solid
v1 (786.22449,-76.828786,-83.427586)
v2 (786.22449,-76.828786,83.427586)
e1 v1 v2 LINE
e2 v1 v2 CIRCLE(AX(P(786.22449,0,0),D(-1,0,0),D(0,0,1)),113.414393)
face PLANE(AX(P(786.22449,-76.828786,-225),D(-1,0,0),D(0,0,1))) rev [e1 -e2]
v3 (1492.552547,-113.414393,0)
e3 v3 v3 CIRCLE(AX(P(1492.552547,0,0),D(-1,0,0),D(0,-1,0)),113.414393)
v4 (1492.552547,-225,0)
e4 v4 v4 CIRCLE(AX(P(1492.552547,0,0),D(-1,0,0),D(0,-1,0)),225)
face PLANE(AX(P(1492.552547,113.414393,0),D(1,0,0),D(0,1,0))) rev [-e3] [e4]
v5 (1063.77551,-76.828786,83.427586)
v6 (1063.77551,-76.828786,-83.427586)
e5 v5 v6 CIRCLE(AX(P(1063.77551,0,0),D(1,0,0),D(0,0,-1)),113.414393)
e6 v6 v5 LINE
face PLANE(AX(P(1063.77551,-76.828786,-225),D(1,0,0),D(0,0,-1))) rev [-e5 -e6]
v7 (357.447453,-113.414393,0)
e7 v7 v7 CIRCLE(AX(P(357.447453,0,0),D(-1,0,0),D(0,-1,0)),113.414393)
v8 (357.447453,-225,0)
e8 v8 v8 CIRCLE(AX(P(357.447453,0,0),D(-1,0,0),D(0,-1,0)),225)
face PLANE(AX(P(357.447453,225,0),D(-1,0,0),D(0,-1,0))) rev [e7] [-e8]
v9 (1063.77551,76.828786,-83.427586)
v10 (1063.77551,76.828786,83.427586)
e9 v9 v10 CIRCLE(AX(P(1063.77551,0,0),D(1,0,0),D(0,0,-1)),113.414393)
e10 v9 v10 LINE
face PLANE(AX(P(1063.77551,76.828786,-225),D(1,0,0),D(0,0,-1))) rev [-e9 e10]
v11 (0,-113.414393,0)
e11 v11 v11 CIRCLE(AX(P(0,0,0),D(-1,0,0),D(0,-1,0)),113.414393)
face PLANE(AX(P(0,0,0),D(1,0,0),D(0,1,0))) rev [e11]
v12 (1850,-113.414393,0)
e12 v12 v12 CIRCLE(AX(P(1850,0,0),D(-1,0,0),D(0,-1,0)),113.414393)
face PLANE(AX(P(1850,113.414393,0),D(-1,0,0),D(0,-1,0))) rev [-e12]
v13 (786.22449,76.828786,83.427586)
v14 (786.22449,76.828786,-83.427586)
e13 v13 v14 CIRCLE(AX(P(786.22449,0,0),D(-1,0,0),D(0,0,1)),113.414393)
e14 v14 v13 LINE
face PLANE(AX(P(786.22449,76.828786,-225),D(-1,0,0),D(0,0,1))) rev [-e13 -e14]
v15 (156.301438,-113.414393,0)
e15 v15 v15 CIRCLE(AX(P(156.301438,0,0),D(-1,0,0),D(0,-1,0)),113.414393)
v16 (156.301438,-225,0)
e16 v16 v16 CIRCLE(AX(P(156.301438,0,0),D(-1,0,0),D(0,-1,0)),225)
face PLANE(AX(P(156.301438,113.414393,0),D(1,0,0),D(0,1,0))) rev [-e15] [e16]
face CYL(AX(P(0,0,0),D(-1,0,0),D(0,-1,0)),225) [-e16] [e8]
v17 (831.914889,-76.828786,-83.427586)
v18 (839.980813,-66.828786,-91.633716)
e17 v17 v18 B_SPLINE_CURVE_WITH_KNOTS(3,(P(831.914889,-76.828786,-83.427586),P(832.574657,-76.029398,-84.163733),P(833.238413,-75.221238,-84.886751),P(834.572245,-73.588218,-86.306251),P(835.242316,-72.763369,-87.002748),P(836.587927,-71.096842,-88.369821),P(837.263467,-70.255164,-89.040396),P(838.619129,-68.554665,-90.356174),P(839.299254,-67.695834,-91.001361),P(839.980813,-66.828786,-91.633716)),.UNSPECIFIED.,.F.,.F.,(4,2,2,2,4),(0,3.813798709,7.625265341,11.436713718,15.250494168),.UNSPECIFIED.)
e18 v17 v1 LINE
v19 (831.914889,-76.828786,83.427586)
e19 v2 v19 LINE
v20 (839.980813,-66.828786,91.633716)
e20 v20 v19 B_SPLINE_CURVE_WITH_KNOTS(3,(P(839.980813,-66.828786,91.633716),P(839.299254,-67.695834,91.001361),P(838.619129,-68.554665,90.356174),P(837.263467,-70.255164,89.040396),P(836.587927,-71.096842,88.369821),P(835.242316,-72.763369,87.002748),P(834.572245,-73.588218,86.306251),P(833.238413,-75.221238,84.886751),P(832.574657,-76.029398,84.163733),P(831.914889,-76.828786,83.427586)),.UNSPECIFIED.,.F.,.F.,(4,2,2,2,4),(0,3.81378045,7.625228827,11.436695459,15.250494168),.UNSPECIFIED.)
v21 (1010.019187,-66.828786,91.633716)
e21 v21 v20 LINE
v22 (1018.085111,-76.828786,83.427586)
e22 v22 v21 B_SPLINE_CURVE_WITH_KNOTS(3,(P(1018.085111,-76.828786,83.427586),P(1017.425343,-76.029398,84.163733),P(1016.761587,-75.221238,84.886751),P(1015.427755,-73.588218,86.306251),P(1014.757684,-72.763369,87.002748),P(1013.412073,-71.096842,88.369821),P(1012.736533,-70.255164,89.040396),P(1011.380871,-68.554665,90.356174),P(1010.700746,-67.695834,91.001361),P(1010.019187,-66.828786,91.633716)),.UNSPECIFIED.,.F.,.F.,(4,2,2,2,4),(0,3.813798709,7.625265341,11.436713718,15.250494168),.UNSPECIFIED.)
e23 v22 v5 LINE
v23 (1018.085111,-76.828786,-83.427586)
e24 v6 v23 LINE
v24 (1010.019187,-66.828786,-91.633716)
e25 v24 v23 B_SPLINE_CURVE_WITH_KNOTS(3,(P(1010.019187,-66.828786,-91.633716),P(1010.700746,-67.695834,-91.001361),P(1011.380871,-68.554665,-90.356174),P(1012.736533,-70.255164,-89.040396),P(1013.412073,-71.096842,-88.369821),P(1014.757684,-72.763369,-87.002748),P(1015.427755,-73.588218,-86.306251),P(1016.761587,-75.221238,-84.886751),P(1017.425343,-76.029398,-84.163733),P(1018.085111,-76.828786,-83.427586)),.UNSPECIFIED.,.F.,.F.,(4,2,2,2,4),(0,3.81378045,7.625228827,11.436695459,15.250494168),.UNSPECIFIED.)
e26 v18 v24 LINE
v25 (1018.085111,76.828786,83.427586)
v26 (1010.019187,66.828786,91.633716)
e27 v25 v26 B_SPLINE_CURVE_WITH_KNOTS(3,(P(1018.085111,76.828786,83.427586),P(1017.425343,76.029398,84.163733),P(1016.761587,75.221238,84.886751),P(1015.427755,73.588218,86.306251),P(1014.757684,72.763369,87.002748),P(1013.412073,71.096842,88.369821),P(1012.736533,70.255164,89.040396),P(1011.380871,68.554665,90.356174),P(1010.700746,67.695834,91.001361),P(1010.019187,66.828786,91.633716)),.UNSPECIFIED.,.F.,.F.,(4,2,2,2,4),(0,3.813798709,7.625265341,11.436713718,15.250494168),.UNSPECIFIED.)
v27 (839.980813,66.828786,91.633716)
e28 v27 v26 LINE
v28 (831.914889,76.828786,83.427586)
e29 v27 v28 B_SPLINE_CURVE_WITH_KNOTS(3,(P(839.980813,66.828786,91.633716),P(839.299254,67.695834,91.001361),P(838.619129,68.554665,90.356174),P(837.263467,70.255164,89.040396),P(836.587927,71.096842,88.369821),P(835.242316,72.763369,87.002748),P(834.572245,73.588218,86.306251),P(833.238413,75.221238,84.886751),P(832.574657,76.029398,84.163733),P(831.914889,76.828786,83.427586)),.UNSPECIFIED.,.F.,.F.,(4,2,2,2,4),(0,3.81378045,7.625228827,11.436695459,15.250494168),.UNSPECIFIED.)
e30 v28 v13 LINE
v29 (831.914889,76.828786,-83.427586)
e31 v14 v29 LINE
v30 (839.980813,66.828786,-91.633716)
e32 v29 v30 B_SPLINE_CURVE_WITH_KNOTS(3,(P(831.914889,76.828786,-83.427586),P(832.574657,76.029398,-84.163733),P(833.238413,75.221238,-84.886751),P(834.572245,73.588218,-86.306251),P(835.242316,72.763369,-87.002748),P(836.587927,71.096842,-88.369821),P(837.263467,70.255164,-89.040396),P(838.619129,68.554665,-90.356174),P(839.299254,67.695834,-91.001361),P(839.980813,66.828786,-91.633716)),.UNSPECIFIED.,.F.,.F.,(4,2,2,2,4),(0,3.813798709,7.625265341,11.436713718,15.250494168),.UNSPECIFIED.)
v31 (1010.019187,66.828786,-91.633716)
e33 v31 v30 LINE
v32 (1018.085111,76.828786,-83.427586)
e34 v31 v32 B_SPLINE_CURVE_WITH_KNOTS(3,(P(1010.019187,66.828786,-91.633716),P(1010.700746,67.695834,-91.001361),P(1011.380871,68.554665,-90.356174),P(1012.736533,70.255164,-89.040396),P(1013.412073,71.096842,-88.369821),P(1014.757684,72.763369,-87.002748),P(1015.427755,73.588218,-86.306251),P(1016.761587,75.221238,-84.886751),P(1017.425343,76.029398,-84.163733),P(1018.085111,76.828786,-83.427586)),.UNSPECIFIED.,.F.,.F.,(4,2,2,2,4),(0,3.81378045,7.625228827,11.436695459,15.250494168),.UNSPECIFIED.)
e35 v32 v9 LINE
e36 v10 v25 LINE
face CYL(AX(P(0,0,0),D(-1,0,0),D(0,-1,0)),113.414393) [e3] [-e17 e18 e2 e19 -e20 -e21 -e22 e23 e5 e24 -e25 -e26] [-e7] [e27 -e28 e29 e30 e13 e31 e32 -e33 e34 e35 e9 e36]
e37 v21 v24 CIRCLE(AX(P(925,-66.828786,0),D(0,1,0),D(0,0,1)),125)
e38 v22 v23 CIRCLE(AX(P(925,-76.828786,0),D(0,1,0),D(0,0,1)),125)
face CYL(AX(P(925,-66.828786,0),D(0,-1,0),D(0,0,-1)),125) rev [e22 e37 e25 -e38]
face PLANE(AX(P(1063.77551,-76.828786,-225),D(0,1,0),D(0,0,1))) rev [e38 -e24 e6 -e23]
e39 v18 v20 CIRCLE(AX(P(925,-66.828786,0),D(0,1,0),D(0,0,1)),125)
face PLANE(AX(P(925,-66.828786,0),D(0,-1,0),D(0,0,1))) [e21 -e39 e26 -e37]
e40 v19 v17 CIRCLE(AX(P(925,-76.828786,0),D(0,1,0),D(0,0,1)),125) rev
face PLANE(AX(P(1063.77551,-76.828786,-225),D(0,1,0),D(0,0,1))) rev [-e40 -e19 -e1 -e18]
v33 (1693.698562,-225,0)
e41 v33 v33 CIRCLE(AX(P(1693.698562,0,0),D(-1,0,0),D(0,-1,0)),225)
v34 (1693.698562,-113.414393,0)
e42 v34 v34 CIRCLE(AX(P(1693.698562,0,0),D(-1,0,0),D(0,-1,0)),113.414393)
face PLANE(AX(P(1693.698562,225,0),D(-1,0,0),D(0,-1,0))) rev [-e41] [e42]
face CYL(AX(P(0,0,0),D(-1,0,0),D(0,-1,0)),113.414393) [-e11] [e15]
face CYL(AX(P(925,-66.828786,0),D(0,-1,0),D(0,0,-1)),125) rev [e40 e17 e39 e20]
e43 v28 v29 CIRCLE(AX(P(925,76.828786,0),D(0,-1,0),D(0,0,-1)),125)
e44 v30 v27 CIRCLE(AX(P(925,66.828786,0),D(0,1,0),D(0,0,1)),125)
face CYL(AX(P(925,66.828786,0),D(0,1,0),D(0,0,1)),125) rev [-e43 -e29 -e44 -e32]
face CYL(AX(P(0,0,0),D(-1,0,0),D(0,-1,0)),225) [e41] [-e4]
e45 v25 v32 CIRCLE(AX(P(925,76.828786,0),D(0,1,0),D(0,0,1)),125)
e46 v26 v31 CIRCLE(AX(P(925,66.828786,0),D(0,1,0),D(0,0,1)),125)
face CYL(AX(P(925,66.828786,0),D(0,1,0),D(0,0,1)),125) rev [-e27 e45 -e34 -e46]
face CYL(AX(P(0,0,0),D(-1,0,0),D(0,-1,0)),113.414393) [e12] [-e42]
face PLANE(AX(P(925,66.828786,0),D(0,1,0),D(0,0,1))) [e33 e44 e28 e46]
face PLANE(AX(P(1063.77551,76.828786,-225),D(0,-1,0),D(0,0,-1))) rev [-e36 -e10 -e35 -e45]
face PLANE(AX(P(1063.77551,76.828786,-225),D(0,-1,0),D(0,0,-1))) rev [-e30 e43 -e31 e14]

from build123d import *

# Parameters (mm, degrees)
SKETCH2_W          = 277.551020408
SKETCH2_H          = 73.171214091
CUT_EXTRUDE1_DEPTH = 1896.296810529
SKETCH3_R          = 125
CUT_EXTRUDE2_DEPTH = 10


with BuildPart() as part:
    # Sketch1 → Revolve1 (revolve)
    with BuildSketch(Plane.XY, mode=Mode.PRIVATE) as revolve1_sk:
        Polygon((0, 0), (0, 113.414392954), (156.301438496, 113.414392954), (156.301438496, 225), (357.44745317, 225), (357.44745317, 113.414392954), (1492.55254683, 113.414392954), (1492.55254683, 225), (1693.698561504, 225), (1693.698561504, 113.414392954), (1850, 113.414392954), (1850, 0), align=None)
    revolve(revolve1_sk.sketch.rotate(Axis((0, 0, 0), (1, 0, 0)), 180), axis=Axis((0, 0, 0), (1, 0, 0)))

    # Sketch2 → Cut-Extrude1 (cut, through all)
    with BuildSketch(Plane.XY.offset(120)):
        with Locations((925, 113.414392955)):
            Rectangle(SKETCH2_W, SKETCH2_H)
        with Locations((925, -113.414392955)):
            Rectangle(SKETCH2_W, SKETCH2_H)
    extrude(amount=-CUT_EXTRUDE1_DEPTH, mode=Mode.SUBTRACT)

    # Sketch3 → Cut-Extrude2 (cut)
    with BuildSketch(Plane(origin=(0, 76.828785909, 0), x_dir=(1, 0, 0), z_dir=(0, 1, 0))):
        with Locations((925, 0)):
            Circle(SKETCH3_R)
    cut_extrude2 = extrude(amount=-CUT_EXTRUDE2_DEPTH, mode=Mode.SUBTRACT)

    # Mirror1: Cut-Extrude2 across plane
    add(cut_extrude2.mirror(Plane.ZX), mode=Mode.SUBTRACT)


solid = part.part
